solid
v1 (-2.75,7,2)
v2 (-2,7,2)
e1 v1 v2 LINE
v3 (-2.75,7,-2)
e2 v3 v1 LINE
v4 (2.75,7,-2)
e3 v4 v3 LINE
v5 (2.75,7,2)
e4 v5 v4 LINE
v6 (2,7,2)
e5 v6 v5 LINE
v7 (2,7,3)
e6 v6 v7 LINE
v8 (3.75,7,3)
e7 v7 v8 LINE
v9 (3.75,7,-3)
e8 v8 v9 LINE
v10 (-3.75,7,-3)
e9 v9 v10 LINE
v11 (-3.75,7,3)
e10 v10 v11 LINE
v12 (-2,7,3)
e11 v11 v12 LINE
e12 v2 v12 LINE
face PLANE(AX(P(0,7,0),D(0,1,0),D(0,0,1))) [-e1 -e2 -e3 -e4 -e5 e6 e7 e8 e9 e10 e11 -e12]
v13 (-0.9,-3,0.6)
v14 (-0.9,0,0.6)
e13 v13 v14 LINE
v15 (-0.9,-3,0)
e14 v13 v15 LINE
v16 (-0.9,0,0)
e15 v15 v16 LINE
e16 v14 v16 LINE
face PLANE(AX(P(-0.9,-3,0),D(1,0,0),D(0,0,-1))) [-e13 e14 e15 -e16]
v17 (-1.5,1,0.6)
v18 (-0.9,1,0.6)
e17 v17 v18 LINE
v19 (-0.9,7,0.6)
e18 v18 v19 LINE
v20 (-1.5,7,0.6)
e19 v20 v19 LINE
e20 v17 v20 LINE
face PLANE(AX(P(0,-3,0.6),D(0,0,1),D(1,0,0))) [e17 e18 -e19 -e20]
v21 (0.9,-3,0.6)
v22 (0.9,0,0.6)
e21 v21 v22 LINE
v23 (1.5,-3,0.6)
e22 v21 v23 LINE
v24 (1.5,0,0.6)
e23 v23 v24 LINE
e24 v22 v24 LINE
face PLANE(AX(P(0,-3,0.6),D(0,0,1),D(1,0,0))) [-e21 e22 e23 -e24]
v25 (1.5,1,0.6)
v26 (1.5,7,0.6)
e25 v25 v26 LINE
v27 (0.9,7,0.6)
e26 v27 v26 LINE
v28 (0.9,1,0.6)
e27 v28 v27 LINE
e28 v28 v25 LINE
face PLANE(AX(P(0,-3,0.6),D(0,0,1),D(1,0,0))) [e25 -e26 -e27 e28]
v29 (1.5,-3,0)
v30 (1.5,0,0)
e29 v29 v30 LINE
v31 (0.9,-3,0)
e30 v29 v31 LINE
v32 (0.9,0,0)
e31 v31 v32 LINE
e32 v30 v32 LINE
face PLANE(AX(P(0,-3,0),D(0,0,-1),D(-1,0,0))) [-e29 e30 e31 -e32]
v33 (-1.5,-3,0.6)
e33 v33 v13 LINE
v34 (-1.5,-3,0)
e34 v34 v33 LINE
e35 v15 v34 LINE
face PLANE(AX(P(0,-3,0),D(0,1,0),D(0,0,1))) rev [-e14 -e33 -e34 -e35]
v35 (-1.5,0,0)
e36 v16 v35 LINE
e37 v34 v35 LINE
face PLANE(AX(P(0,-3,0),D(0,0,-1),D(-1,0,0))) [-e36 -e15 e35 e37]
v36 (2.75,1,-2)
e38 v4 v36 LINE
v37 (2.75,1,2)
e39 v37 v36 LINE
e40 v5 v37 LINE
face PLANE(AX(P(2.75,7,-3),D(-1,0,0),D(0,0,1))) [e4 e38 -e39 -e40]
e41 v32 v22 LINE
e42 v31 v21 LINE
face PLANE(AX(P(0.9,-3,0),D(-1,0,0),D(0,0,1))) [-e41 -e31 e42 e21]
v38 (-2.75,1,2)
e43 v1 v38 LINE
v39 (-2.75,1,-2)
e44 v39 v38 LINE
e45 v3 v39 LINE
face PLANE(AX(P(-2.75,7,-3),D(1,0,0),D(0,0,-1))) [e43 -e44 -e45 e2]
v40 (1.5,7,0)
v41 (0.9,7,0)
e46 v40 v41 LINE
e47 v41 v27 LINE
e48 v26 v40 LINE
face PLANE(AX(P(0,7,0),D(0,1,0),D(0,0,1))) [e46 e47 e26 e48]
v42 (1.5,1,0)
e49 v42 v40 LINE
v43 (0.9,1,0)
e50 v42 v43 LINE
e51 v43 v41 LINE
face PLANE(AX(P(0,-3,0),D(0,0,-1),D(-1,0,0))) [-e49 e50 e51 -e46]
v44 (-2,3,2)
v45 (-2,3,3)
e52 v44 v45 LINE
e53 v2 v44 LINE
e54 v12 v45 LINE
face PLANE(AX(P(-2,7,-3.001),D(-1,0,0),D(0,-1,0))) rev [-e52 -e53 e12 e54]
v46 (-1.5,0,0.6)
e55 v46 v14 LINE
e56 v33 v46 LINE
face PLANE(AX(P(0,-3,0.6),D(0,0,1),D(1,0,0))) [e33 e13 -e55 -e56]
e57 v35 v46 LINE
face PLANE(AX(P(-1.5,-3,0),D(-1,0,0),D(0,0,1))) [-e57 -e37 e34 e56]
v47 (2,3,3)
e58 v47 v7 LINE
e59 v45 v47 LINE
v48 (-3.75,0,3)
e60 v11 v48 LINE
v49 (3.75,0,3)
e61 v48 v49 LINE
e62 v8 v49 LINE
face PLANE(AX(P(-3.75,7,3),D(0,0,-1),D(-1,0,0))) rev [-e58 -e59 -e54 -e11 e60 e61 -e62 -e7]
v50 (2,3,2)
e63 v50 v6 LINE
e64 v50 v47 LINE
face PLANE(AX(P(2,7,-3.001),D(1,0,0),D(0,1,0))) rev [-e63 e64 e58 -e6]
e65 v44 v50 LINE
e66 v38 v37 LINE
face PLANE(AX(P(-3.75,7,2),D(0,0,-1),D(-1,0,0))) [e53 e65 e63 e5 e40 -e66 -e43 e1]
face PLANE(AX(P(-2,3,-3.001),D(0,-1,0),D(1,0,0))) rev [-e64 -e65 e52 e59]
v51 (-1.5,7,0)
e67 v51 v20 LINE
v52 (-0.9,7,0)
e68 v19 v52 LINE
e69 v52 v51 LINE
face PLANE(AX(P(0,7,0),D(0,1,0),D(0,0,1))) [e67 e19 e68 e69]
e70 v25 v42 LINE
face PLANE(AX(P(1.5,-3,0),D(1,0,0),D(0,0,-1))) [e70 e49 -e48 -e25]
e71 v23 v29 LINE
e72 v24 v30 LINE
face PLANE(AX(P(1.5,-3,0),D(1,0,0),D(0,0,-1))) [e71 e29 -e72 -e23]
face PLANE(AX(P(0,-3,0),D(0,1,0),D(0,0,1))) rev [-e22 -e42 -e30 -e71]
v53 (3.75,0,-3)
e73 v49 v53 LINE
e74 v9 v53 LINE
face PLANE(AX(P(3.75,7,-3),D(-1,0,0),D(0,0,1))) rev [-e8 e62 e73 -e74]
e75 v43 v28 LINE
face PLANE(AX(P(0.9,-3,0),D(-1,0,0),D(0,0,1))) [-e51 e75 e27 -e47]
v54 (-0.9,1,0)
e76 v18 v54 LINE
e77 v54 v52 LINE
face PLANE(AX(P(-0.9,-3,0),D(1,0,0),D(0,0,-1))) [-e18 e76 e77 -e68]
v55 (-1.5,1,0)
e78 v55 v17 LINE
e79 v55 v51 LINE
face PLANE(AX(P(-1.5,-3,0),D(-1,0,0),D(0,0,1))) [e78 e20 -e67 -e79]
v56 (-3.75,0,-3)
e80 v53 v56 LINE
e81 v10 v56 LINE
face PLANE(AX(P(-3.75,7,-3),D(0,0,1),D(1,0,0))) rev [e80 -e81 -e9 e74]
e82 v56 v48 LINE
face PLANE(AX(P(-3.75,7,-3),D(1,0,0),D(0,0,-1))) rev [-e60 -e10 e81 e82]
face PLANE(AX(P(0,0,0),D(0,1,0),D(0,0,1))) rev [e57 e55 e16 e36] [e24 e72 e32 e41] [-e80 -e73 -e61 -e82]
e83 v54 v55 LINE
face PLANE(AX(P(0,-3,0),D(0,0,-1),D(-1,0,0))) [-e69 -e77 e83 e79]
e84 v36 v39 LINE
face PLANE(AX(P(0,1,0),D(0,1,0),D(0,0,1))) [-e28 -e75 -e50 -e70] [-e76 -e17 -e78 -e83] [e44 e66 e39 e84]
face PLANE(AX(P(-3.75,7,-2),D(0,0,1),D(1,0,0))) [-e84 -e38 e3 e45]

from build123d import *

# Parameters (mm, degrees)
SKETCH_1_W          = 7.5
SKETCH_1_H          = 6
EXTRUDE_1_DEPTH     = 7
SHELL_1_T           = -1
CUT_EXTRUDE_1_REACH = 8
SKETCH_2_W          = 4
SKETCH_2_H          = 4
EXTRUDE_START       = -7
SKETCH_3_W          = 0.6
SKETCH_3_H          = 0.6
EXTRUDE_2_DEPTH     = 10


with BuildPart() as part:
    # 草图1 → 凸台-拉伸1 (new body)
    with BuildSketch(Plane(origin=(0, 0, 0), x_dir=(1, 0, 0), z_dir=(0, 1, 0))):
        Rectangle(SKETCH_1_W, SKETCH_1_H)
    extrude(amount=EXTRUDE_1_DEPTH)

    # 抽壳1
    shell_1_openings = [part.faces().sort_by_distance(p)[0] for p in [
        (0, 7, 0),
    ]]
    offset(amount=SHELL_1_T, openings=shell_1_openings, kind=Kind.INTERSECTION)

    # 草图2 → 切除-拉伸1 (cut, up to next)
    with BuildSketch(Plane.XY.offset(3), mode=Mode.PRIVATE) as cut_extrude_1_sk1:
        with Locations((0, 5)):
            Rectangle(SKETCH_2_W, SKETCH_2_H)
    cut_extrude_1_tool1 = extrude(cut_extrude_1_sk1.sketch, amount=-CUT_EXTRUDE_1_REACH, mode=Mode.PRIVATE) & part.part
    add(cut_extrude_1_tool1.solids().sort_by_distance((0, 5, 3))[0], mode=Mode.SUBTRACT)

    # 草图3 → 凸台-拉伸2 (add)
    with BuildSketch(Plane.XZ.offset(EXTRUDE_START)):
        with Locations((-1.2, 0.3)):
            Rectangle(SKETCH_3_W, SKETCH_3_H)
        with Locations((1.2, 0.3)):
            Rectangle(SKETCH_3_W, SKETCH_3_H)
    extrude(amount=EXTRUDE_2_DEPTH)


solid = part.part
